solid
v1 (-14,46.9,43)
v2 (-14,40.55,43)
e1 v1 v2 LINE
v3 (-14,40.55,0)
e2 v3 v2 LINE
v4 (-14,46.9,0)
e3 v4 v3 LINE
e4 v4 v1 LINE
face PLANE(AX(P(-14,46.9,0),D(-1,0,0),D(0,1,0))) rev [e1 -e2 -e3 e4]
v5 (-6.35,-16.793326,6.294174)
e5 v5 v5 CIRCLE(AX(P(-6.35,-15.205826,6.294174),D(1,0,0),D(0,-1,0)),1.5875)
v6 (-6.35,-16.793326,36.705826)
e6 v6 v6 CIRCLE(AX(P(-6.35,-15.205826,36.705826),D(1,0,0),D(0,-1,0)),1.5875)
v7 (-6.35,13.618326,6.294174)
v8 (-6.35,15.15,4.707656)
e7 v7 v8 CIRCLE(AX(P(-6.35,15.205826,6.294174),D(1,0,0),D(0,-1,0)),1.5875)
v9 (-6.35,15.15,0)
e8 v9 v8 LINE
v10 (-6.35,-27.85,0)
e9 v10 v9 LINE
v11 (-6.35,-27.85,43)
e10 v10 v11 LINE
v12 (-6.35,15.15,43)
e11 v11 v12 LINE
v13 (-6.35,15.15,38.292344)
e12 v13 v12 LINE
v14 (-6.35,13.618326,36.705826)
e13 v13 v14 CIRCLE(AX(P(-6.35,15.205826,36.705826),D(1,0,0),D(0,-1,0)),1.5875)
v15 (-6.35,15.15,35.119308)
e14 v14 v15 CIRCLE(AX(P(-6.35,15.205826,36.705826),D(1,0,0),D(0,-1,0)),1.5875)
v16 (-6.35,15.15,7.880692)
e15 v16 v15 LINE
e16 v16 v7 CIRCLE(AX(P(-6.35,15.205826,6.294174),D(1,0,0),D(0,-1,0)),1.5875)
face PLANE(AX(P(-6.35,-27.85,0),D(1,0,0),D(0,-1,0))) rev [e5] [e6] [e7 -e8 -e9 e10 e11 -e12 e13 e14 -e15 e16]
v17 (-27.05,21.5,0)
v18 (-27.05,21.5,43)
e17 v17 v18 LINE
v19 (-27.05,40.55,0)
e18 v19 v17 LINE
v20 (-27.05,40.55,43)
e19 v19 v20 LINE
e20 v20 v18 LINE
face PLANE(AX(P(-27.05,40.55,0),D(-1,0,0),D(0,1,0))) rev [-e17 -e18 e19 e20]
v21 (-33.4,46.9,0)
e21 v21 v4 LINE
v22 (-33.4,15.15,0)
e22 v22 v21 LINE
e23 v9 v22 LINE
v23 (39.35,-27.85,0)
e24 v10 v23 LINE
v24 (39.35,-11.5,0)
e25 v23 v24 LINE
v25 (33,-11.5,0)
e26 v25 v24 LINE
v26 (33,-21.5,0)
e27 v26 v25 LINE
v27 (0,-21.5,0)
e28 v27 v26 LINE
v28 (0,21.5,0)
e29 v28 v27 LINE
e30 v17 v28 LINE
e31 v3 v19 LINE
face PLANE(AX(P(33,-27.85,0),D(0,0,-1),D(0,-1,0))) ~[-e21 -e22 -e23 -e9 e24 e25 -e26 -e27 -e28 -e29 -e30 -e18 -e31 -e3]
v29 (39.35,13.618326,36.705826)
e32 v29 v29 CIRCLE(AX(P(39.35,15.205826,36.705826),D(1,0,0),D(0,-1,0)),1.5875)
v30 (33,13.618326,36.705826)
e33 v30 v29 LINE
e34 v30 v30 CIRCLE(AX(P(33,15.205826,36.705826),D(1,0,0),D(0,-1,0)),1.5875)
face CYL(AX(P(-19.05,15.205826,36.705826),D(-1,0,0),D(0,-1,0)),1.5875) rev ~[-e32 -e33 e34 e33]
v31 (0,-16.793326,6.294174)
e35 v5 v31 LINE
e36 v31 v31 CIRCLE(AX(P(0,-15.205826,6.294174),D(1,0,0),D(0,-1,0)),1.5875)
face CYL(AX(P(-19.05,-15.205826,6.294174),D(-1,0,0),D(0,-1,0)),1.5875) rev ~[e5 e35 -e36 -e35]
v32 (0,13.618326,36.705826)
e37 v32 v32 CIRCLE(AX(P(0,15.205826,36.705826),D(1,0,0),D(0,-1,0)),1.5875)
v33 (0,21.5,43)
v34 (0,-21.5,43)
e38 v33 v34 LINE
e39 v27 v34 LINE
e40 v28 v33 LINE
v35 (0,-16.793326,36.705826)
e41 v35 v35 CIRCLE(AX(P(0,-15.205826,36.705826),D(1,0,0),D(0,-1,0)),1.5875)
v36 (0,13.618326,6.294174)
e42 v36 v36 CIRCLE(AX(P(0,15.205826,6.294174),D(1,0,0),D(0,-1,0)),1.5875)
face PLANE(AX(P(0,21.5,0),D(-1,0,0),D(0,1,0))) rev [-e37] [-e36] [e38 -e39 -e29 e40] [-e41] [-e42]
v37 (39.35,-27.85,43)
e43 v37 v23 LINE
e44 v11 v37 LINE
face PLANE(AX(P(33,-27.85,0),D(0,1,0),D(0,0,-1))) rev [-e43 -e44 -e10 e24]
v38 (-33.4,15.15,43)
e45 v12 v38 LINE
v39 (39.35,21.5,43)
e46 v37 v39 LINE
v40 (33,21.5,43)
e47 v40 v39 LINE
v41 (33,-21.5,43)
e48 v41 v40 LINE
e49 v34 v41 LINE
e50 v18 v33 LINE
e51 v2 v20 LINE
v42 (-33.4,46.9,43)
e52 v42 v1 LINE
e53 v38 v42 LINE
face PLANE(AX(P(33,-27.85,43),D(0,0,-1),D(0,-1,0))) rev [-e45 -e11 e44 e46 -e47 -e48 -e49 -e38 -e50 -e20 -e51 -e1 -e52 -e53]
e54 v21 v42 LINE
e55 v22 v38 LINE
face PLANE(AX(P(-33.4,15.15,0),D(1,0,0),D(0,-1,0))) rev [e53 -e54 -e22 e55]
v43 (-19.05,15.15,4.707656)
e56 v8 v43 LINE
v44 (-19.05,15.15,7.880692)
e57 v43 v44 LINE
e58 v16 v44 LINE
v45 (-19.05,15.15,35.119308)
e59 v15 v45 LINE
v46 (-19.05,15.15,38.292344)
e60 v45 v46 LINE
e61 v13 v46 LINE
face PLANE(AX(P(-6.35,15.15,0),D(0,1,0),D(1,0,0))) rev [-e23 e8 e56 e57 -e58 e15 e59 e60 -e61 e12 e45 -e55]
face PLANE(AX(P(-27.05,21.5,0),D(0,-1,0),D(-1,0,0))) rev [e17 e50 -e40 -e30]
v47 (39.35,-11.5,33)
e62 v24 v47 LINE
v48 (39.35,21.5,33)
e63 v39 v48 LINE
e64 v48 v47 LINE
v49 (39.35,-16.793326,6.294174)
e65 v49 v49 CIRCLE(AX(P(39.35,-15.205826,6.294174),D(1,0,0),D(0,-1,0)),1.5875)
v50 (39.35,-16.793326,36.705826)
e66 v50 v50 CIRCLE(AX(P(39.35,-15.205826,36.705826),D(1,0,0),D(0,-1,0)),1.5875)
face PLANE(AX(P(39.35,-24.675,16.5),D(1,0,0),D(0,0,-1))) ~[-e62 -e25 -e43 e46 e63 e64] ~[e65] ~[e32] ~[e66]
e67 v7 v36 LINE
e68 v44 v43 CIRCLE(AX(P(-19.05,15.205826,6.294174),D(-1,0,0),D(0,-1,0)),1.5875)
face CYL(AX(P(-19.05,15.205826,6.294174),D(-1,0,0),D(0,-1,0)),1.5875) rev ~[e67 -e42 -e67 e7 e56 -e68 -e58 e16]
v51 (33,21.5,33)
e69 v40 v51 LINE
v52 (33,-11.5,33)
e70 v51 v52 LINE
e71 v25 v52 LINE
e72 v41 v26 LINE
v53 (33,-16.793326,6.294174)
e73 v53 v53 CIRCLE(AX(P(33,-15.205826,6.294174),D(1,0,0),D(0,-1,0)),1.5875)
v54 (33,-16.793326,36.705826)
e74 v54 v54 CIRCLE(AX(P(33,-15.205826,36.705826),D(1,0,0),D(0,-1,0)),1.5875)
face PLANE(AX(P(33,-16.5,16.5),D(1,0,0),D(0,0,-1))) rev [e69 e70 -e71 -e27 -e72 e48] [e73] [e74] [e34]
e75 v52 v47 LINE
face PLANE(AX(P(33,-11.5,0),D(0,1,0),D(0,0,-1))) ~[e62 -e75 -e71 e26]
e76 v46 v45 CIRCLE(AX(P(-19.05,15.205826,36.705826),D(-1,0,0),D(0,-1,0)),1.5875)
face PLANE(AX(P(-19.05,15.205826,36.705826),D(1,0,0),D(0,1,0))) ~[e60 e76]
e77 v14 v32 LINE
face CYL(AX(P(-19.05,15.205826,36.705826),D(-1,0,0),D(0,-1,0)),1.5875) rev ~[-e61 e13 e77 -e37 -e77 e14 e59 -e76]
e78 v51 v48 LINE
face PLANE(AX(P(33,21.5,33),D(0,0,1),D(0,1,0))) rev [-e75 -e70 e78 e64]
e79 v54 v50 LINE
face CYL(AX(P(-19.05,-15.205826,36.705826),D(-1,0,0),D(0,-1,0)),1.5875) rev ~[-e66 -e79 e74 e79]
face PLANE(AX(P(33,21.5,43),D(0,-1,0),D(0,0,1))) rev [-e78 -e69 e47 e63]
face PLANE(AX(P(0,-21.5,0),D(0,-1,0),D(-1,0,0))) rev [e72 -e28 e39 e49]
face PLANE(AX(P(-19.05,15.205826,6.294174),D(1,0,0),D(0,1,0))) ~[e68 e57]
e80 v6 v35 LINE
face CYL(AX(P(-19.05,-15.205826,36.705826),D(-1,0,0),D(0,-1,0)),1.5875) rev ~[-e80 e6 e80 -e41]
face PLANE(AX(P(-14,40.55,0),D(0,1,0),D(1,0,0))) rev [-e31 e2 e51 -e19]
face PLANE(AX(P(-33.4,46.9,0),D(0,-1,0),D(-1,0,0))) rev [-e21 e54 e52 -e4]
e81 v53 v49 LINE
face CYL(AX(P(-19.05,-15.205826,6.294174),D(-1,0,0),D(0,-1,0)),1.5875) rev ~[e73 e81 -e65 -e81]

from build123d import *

# Parameters (mm, degrees)
BOSS_EXTRUDE1_DEPTH     = 43
SKETCH2_W               = 33
SKETCH2_H               = 6.35
SKETCH2_H_2             = 10
SKETCH2_R               = 1.5
SKETCH2_W_2             = 10
BOSS_EXTRUDE2_DEPTH     = 6.35
CUT_EXTRUDE1_DEPTH      = 79.339645136
CUT_EXTRUDE1_DEPTH_BACK = 12.7
SKETCH3_R               = 1.5875


with BuildPart() as part:
    # Sketch1 → Boss-Extrude1 (new body)
    with BuildSketch(Plane.XY):
        Polygon((-6.35, -27.85), (-6.35, 15.15), (-33.4, 15.15), (-33.4, 46.9), (-14, 46.9), (-14, 40.55), (-27.05, 40.55), (-27.05, 21.5), (0, 21.5), (0, -21.5), (33, -21.5), (33, -27.85), align=None)
    extrude(amount=-BOSS_EXTRUDE1_DEPTH)

    # Sketch2 → Boss-Extrude2 (add)
    # profile 1 of 4: a face of its own
    with BuildSketch(Plane(origin=(33, 0, 0), x_dir=(0, 0, -1), z_dir=(1, 0, 0))):
        with Locations((16.5, -24.675)):
            Rectangle(SKETCH2_W, SKETCH2_H)
    # profile 2 of 4: a face of its own
    with BuildSketch(Plane(origin=(33, 0, 0), x_dir=(0, 0, -1), z_dir=(1, 0, 0))):
        with Locations((16.5, -16.5)):
            Rectangle(SKETCH2_W, SKETCH2_H_2)
        with Locations((6.294174233, -15.205825767)):
            Circle(SKETCH2_R, mode=Mode.SUBTRACT)
    # profile 3 of 4: a face of its own
    with BuildSketch(Plane(origin=(33, 0, 0), x_dir=(0, 0, -1), z_dir=(1, 0, 0))):
        with Locations((38, -24.675)):
            Rectangle(SKETCH2_W_2, SKETCH2_H)
    # profile 4 of 4: a face of its own
    with BuildSketch(Plane(origin=(33, 0, 0), x_dir=(0, 0, -1), z_dir=(1, 0, 0))):
        Polygon((33, -11.5), (33, -21.5), (43, -21.5), (43, 21.5), (33, 21.5), align=None)
        with Locations((36.705825767, -15.205825767)):
            Circle(SKETCH2_R, mode=Mode.SUBTRACT)
        with Locations((36.705825767, 15.205825767)):
            Circle(SKETCH2_R, mode=Mode.SUBTRACT)
    extrude(amount=BOSS_EXTRUDE2_DEPTH)

    # Sketch3 → Cut-Extrude1 (cut, two sides: drawn at the far end of the back side and taken through both)
    with BuildSketch(Plane(origin=(-6.35, 0, 0), x_dir=(0, 0, -1), z_dir=(1, 0, 0)).offset(-CUT_EXTRUDE1_DEPTH_BACK)):
        with Locations(Location((6.294174233, -15.205825767, 0), (0, 0, 270))):
            Circle(SKETCH3_R)
        with Locations(Location((6.294174233, 15.205825767, 0), (0, 0, 270))):
            Circle(SKETCH3_R)
        with Locations(Location((36.705825767, 15.205825767, 0), (0, 0, 270))):
            Circle(SKETCH3_R)
        with Locations(Location((36.705825767, -15.205825767, 0), (0, 0, 270))):
            Circle(SKETCH3_R)
    extrude(amount=CUT_EXTRUDE1_DEPTH + CUT_EXTRUDE1_DEPTH_BACK, mode=Mode.SUBTRACT)


with BuildPart() as body_2:
    # Mirror1: mirrored copy
    add(part.part.mirror(Plane.XY))


solid = body_2.part
